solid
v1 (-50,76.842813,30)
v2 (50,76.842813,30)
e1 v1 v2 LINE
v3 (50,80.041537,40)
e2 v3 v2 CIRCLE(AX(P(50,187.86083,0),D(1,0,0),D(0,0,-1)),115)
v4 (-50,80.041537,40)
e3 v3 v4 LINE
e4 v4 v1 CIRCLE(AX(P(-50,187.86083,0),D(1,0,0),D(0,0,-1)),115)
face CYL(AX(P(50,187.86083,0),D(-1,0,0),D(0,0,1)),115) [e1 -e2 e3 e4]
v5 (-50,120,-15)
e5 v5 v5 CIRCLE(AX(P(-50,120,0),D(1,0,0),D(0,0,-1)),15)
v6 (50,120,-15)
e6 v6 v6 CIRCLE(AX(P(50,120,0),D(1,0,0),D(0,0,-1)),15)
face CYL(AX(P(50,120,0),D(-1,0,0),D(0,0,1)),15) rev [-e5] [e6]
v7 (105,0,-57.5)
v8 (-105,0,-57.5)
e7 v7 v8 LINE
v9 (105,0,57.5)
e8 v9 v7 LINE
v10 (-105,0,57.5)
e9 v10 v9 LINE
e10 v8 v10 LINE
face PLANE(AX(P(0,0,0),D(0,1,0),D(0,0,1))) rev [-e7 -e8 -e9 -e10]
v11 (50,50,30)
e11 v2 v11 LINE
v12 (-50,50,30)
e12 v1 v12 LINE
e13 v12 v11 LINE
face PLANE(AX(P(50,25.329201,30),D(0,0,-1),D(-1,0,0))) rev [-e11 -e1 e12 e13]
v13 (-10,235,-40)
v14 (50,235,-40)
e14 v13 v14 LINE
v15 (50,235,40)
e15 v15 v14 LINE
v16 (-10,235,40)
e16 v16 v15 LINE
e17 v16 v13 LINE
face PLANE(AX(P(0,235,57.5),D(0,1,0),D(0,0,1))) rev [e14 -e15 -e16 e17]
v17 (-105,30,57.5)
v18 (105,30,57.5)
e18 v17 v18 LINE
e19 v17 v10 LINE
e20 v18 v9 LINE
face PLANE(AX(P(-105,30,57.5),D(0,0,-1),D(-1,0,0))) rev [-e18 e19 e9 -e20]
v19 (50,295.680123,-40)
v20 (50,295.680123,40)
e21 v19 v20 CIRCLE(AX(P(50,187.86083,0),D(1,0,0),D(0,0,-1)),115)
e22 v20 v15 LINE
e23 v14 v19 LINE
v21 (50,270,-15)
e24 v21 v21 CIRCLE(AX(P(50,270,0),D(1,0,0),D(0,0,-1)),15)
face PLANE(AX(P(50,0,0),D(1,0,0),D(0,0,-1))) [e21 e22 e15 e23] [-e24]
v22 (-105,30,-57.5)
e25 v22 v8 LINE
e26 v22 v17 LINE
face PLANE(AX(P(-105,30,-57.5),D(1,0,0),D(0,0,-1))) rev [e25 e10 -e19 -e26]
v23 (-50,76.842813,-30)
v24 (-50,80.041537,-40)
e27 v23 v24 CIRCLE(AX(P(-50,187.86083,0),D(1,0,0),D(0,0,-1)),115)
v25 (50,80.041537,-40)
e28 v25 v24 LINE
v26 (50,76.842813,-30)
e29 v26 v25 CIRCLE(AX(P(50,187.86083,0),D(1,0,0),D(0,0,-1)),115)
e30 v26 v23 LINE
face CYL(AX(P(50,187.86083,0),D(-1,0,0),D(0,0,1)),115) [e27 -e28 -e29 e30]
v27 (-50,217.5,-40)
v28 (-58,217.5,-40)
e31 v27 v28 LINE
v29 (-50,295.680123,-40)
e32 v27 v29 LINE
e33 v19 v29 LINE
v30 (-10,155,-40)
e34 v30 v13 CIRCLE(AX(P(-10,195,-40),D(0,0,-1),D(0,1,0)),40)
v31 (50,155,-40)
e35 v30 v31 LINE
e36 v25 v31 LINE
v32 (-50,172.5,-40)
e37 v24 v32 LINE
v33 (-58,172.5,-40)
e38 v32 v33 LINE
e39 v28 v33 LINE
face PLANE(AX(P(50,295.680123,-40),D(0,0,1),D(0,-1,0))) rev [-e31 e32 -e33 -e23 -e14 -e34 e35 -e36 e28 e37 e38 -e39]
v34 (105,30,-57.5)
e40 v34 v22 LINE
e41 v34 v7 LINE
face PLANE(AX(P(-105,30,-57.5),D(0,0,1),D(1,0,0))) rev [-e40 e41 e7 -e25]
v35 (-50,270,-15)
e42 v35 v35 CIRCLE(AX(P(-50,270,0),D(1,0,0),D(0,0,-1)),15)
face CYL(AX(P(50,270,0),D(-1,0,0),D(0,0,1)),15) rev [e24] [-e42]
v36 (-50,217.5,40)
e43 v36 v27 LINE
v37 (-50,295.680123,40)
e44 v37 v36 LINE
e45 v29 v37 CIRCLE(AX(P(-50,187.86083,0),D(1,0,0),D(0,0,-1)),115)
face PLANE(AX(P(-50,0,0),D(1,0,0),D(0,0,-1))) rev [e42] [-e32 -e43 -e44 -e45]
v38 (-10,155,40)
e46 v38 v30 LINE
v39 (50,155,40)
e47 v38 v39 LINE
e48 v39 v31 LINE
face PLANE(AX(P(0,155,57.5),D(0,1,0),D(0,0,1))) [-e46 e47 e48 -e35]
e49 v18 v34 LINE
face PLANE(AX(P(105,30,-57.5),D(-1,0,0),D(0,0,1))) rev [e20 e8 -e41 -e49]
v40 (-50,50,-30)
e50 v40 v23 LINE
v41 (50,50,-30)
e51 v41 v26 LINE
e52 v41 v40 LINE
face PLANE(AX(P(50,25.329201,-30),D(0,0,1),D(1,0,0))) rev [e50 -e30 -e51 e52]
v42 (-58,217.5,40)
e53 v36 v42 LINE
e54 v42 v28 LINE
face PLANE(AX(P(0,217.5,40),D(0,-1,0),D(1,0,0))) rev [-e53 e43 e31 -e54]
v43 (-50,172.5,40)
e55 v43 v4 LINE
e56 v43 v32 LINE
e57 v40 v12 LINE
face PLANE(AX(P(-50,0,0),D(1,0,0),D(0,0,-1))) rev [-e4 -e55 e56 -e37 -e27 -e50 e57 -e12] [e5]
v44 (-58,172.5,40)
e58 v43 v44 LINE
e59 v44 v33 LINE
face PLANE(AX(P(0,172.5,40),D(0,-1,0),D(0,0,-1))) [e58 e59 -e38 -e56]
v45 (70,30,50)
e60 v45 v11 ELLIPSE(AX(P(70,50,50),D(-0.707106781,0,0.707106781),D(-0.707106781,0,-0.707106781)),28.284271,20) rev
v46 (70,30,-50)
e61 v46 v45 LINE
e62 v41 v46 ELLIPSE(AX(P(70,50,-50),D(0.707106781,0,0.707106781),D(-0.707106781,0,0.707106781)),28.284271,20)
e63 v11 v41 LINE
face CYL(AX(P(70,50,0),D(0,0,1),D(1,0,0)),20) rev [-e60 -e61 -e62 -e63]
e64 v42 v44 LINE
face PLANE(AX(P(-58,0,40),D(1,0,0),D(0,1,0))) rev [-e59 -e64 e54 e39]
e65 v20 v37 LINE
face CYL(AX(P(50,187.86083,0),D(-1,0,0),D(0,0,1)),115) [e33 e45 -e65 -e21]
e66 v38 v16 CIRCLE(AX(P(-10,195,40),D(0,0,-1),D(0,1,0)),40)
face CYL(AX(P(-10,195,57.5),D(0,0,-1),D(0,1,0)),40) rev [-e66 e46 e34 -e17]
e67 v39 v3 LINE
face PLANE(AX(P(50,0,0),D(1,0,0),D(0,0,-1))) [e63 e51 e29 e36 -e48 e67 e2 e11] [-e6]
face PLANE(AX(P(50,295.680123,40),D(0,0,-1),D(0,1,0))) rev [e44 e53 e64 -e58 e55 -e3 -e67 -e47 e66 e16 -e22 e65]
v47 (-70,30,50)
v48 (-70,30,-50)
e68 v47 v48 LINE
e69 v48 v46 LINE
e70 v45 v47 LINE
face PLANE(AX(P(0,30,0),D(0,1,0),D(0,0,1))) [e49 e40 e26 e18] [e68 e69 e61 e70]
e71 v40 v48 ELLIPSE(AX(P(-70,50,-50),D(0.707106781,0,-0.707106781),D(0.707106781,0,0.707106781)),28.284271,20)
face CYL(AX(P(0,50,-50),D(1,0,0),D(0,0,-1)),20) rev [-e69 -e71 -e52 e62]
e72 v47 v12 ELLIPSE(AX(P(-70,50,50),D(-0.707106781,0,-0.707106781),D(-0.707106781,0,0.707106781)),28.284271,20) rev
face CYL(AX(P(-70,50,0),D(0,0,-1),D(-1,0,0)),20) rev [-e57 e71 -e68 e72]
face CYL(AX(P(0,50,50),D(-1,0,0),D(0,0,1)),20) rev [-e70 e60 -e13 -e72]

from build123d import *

# Parameters (mm, degrees)
SKETCH1_W           = 210
SKETCH1_H           = 115
BOSS_EXTRUDE2_DEPTH = 30
SKETCH6_W           = 60
SKETCH6_H           = 60
BOSS_EXTRUDE3_DEPTH = 50
SKETCH8_R           = 15
BOSS_EXTRUDE4_DEPTH = 50
FILLET1_R           = 20
BOSS_EXTRUDE5_DEPTH = 80
CUT_EXTRUDE1_DEPTH  = 336.046164359


with BuildPart() as part:
    # Sketch1 → Boss-Extrude2 (new body)
    with BuildSketch(Plane(origin=(0, 0, 0), x_dir=(1, 0, 0), z_dir=(0, 1, 0))):
        Rectangle(SKETCH1_W, SKETCH1_H)
    extrude(amount=BOSS_EXTRUDE2_DEPTH)

    # Sketch6 → Boss-Extrude3 (add, symmetric)
    with BuildSketch(Plane(origin=(0, 0, 0), x_dir=(0, 0, -1), z_dir=(1, 0, 0))):
        with Locations((0, 55.329200869)):
            Rectangle(SKETCH6_W, SKETCH6_H)
    extrude(amount=BOSS_EXTRUDE3_DEPTH, both=True)

    # Sketch8 → Boss-Extrude4 (add, symmetric)
    with BuildSketch(Plane(origin=(0, 0, 0), x_dir=(0, 0, -1), z_dir=(1, 0, 0))):
        with BuildLine():
            Line((40, 295.680123104), (40, 80.041536576))
            ThreePointArc((40, 80.041536576), (0, 72.86082984), (-40, 80.041536576))
            Line((-40, 80.041536576), (-40, 295.680123104))
            ThreePointArc((-40, 295.680123104), (0, 302.86082984), (40, 295.680123104))
        make_face()
        with Locations((0, 270)):
            Circle(SKETCH8_R, mode=Mode.SUBTRACT)
        with Locations((0, 120)):
            Circle(SKETCH8_R, mode=Mode.SUBTRACT)
    extrude(amount=BOSS_EXTRUDE4_DEPTH, both=True)

    # Fillet1
    fillet1_edges = [part.edges().sort_by_distance(p)[0] for p in [
        (-50, 30, 0),
        (0, 30, 30),
        (0, 30, -30),
        (50, 30, 0),
    ]]
    fillet(fillet1_edges, radius=FILLET1_R)

    # Sketch9 → Boss-Extrude5 (add)
    with BuildSketch(Plane(origin=(0, 0, -40), x_dir=(-1, 0, 0), z_dir=(0, 0, -1))):
        Polygon((58, 217.5), (50, 217.5), (50, 194.99999986), (50, 172.5), (58, 172.5), align=None)
    extrude(amount=-BOSS_EXTRUDE5_DEPTH)

    # Sketch9<3> → Cut-Extrude1 (cut, through all)
    with BuildSketch(Plane(origin=(0, 0, -40), x_dir=(-1, 0, 0), z_dir=(0, 0, -1))):
        with BuildLine():
            ThreePointArc((50, 194.999999634), (38.284271377, 223.284271118), (10, 235))
            Line((10, 235), (-50, 235))
            Line((-50, 235), (-50, 155))
            Line((-50, 155), (10, 155))
            ThreePointArc((10, 155), (38.284271118, 166.715728623), (50, 194.999999634))
        make_face()
    extrude(amount=-CUT_EXTRUDE1_DEPTH, mode=Mode.SUBTRACT)


solid = part.part
